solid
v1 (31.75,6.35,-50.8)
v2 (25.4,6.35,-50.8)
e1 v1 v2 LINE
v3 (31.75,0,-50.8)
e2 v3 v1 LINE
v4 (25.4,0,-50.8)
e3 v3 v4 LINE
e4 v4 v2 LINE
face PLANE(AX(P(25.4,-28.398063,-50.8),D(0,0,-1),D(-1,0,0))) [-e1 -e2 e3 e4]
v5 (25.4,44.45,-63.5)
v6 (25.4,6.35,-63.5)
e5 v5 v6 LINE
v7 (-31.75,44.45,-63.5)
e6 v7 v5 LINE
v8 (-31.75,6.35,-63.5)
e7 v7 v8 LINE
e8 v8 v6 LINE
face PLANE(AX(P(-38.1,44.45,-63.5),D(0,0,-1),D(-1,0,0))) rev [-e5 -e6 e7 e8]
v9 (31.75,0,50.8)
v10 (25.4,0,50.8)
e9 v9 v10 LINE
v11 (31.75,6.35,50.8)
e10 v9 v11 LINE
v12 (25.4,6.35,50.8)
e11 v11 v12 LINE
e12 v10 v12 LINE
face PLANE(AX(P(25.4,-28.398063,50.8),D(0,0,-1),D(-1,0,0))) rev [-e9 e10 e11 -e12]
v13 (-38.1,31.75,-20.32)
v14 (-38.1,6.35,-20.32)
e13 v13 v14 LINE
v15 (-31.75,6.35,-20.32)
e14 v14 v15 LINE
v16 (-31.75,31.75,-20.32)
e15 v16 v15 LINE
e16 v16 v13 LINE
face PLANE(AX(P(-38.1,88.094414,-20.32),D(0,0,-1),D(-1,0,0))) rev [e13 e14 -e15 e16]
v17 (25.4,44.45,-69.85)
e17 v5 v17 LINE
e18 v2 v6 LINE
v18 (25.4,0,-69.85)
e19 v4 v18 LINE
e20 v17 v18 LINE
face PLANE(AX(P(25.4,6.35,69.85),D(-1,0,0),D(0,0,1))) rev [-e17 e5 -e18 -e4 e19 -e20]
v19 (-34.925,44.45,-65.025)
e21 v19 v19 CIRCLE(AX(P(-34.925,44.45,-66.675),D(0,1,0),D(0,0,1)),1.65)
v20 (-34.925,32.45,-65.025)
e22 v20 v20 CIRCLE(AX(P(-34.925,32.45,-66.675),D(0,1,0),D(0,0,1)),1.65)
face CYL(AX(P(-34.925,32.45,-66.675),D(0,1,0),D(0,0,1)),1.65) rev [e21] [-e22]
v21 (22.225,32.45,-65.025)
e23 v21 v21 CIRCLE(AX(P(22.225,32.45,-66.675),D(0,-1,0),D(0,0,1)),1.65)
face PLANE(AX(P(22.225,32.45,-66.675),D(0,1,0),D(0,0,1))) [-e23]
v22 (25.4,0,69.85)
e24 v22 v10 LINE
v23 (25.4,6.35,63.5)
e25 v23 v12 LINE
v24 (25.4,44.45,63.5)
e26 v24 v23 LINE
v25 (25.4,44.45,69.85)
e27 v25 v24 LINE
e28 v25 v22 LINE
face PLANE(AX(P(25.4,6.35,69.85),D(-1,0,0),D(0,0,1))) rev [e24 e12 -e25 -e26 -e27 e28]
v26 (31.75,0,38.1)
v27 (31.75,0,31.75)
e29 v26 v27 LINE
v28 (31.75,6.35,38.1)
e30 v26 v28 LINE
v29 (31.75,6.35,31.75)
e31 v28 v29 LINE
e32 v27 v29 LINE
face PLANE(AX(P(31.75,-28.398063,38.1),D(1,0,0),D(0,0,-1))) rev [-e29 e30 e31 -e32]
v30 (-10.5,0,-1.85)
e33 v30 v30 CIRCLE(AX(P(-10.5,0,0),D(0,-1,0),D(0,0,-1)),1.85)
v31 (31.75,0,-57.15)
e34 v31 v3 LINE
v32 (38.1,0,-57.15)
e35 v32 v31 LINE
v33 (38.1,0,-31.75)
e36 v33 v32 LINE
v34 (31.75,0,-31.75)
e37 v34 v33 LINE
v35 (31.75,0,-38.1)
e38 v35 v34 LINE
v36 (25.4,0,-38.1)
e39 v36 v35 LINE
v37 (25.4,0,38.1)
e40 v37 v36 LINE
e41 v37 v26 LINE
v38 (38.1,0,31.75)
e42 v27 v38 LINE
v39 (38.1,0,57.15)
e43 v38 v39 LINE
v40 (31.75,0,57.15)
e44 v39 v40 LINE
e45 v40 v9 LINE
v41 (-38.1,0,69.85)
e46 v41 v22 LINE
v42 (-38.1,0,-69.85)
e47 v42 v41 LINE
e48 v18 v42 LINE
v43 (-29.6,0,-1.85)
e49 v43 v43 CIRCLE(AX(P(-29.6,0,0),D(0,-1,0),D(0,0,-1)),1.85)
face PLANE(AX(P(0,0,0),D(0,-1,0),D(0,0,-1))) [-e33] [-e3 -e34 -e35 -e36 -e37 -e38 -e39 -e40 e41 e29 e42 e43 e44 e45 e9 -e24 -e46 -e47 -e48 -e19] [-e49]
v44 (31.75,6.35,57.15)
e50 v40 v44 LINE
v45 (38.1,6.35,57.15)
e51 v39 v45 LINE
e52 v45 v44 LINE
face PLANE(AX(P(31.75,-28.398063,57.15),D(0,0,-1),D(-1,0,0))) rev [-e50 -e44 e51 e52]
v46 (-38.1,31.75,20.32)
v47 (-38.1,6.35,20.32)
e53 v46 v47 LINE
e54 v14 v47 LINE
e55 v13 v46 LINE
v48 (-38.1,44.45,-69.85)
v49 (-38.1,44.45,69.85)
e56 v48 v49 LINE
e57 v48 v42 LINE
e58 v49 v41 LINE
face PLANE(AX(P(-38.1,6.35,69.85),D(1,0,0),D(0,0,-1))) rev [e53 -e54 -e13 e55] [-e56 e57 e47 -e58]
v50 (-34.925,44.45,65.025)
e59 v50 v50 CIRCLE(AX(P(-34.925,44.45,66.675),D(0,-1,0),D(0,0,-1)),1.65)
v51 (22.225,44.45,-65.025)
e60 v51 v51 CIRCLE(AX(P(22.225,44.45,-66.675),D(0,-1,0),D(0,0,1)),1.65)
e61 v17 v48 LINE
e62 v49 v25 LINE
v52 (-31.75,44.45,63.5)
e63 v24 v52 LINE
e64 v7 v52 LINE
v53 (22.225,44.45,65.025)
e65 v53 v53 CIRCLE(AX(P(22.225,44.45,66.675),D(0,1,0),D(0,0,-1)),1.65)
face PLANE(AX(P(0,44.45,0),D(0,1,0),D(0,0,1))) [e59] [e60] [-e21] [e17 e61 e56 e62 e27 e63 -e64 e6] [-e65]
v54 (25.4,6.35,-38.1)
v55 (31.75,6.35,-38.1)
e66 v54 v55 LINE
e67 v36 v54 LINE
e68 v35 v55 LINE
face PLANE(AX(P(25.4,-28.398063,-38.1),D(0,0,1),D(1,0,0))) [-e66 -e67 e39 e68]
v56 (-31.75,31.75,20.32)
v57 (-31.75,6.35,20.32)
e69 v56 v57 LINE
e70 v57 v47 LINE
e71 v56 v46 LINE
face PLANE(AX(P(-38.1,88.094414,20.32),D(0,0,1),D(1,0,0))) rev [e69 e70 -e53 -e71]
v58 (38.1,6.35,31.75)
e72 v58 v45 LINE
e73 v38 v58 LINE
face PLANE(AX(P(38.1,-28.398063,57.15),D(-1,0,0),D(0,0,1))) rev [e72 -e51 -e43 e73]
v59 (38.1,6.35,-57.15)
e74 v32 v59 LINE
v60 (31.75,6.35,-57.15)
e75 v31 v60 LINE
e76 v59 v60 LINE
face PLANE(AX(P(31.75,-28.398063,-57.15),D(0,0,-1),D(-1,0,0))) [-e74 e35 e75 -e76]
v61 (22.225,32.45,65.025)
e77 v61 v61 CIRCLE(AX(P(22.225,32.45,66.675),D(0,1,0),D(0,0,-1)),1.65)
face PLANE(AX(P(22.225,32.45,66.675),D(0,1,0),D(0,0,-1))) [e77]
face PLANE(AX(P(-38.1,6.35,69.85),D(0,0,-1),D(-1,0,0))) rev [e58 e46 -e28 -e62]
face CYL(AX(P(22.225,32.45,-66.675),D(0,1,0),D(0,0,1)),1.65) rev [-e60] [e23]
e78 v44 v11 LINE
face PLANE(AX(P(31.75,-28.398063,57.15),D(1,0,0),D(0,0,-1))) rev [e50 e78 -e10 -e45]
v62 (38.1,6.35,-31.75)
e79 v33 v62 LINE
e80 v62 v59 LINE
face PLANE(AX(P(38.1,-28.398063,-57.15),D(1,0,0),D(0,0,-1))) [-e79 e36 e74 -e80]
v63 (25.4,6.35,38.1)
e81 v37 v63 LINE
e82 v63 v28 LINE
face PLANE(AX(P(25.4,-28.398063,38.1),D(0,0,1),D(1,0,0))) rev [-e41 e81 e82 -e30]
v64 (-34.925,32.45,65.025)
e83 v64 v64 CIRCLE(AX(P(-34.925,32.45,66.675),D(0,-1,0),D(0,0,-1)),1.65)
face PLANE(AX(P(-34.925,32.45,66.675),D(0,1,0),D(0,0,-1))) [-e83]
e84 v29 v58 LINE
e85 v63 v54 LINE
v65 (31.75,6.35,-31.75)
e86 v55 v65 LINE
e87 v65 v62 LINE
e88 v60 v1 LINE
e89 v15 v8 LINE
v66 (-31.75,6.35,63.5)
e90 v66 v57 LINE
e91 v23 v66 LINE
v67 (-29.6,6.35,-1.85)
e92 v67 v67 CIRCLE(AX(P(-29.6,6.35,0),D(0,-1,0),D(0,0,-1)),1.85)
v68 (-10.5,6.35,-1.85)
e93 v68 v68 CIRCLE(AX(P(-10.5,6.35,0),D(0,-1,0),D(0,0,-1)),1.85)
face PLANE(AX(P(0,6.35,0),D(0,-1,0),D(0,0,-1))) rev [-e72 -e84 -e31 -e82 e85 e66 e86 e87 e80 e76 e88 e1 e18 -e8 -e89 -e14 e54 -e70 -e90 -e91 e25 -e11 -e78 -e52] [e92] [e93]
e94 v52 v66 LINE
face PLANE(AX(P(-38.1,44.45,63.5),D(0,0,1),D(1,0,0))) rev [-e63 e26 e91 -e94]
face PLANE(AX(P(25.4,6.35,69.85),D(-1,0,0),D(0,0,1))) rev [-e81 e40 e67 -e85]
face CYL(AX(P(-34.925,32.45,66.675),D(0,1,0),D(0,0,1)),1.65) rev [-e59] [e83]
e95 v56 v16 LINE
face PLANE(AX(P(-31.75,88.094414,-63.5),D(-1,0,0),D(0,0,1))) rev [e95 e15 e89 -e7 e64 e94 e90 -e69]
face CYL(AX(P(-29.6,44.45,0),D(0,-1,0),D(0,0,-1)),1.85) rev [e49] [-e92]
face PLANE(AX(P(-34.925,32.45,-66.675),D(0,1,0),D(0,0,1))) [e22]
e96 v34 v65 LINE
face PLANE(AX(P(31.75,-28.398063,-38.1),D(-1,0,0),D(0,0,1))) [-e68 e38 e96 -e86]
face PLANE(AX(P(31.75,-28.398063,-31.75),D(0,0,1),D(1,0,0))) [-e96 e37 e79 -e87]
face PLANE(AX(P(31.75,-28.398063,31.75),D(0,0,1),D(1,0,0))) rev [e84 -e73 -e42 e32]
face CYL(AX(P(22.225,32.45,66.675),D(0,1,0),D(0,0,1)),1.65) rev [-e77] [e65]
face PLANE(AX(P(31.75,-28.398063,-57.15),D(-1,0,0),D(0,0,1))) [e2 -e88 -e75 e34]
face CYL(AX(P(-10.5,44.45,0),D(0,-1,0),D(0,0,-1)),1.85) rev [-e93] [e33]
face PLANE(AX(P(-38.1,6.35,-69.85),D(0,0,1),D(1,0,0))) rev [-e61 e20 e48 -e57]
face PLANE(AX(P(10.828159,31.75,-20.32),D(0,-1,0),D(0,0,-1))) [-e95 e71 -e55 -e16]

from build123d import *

# Parameters (mm, degrees)
SKETCH1_W                                  = 63.5
SKETCH1_H                                  = 139.7
BOSS_EXTRUDE1_DEPTH                        = 6.35
SKETCH3_W                                  = 63.5
SKETCH3_H                                  = 6.35
BOSS_EXTRUDE2_DEPTH                        = 38.1
BOSS_EXTRUDE3_DEPTH                        = 6.35
SKETCH7_R                                  = 1.85
CUT_EXTRUDE1_DEPTH                         = 92.139645599
SKETCH8_W                                  = 6.35
SKETCH8_H                                  = 43.18
BOSS_EXTRUDE4_DEPTH                        = 38.1
SKETCH9_W                                  = 40.64
SKETCH9_H                                  = 12.7
BOSS_EXTRUDE5_DEPTH                        = 6.35
SKETCH10_R                                 = 1.65
CUT_EXTRUDE2_DEPTH                         = 12
MIRROR2_AT_THE_SECOND_PLANE_COPY_1_SKETC_R = 1.65
MIRROR2_AT_THE_SECOND_PLANE_COPY_1_DEPTH   = 12


with BuildPart() as part:
    # Sketch1 → Boss-Extrude1 (new body)
    with BuildSketch(Plane(origin=(0, 0, 0), x_dir=(1, 0, 0), z_dir=(0, 1, 0))):
        with Locations((-6.35, 0)):
            Rectangle(SKETCH1_W, SKETCH1_H)
    extrude(amount=BOSS_EXTRUDE1_DEPTH)

    # Sketch3 → Boss-Extrude2 (add)
    with BuildSketch(Plane(origin=(0, 6.35, 0), x_dir=(1, 0, 0), z_dir=(0, 1, 0))):
        with Locations((-6.35, 66.675)):
            Rectangle(SKETCH3_W, SKETCH3_H)
        with Locations((-6.35, -66.675)):
            Rectangle(SKETCH3_W, SKETCH3_H)
    extrude(amount=BOSS_EXTRUDE2_DEPTH)

    # Sketch6 → Boss-Extrude3 (add)
    with BuildSketch(Plane(origin=(0, 6.35, 0), x_dir=(1, 0, 0), z_dir=(0, 1, 0))):
        Polygon((25.4, 50.8), (31.75, 50.8), (31.75, 57.15), (38.1, 57.15), (38.1, 31.75), (31.75, 31.75), (31.75, 38.1), (25.4, 38.1), align=None)
    boss_extrude3 = extrude(amount=-BOSS_EXTRUDE3_DEPTH)

    # Mirror1: Boss-Extrude3 across plane
    add(boss_extrude3.mirror(Plane.XY))

    # Sketch7 → Cut-Extrude1 (cut, through all)
    with BuildSketch(Plane.XZ):
        with Locations(Location((-10.5, 0, 0), (0, 0, 270))):
            Circle(SKETCH7_R)
        with Locations(Location((-29.6, 0, 0), (0, 0, 270))):
            Circle(SKETCH7_R)
    extrude(amount=-CUT_EXTRUDE1_DEPTH, mode=Mode.SUBTRACT)

    # Sketch8 → Boss-Extrude4 (add)
    with BuildSketch(Plane(origin=(0, 6.35, 0), x_dir=(1, 0, 0), z_dir=(0, 1, 0))):
        with Locations((-34.925, 41.91)):
            Rectangle(SKETCH8_W, SKETCH8_H)
        with Locations((-34.925, -41.91)):
            Rectangle(SKETCH8_W, SKETCH8_H)
    extrude(amount=BOSS_EXTRUDE4_DEPTH)

    # Sketch9 → Boss-Extrude5 (add)
    with BuildSketch(Plane.ZY.offset(38.1)):
        with Locations((0, 38.1)):
            Rectangle(SKETCH9_W, SKETCH9_H)
    extrude(amount=-BOSS_EXTRUDE5_DEPTH)

    # Sketch10 → Cut-Extrude2 (cut)
    with BuildSketch(Plane(origin=(0, 44.45, 0), x_dir=(1, 0, 0), z_dir=(0, 1, 0))):
        with Locations(Location((-34.925, 66.675, 0), (0, 0, 270))):
            Circle(SKETCH10_R)
    cut_extrude2 = extrude(amount=-CUT_EXTRUDE2_DEPTH, mode=Mode.SUBTRACT)

    # Mirror2: Cut-Extrude2 across plane
    add(cut_extrude2.mirror(Plane.ZY.offset(6.35)), mode=Mode.SUBTRACT)

    # Mirror2 at the second plane: Cut-Extrude2 across plane
    add(cut_extrude2.mirror(Plane.XY), mode=Mode.SUBTRACT)

    # Mirror2 at the second plane copy 1 sketc → Mirror2 at the second plane copy 1 (cut)
    with BuildSketch(Plane(origin=(-12.7, 44.45, 0), x_dir=(-1, 0, 0), z_dir=(0, 1, 0))):
        with Locations(Location((-34.925, 66.675, 0), (0, 0, 270))):
            Circle(MIRROR2_AT_THE_SECOND_PLANE_COPY_1_SKETC_R)
    extrude(amount=-MIRROR2_AT_THE_SECOND_PLANE_COPY_1_DEPTH, mode=Mode.SUBTRACT)


solid = part.part
